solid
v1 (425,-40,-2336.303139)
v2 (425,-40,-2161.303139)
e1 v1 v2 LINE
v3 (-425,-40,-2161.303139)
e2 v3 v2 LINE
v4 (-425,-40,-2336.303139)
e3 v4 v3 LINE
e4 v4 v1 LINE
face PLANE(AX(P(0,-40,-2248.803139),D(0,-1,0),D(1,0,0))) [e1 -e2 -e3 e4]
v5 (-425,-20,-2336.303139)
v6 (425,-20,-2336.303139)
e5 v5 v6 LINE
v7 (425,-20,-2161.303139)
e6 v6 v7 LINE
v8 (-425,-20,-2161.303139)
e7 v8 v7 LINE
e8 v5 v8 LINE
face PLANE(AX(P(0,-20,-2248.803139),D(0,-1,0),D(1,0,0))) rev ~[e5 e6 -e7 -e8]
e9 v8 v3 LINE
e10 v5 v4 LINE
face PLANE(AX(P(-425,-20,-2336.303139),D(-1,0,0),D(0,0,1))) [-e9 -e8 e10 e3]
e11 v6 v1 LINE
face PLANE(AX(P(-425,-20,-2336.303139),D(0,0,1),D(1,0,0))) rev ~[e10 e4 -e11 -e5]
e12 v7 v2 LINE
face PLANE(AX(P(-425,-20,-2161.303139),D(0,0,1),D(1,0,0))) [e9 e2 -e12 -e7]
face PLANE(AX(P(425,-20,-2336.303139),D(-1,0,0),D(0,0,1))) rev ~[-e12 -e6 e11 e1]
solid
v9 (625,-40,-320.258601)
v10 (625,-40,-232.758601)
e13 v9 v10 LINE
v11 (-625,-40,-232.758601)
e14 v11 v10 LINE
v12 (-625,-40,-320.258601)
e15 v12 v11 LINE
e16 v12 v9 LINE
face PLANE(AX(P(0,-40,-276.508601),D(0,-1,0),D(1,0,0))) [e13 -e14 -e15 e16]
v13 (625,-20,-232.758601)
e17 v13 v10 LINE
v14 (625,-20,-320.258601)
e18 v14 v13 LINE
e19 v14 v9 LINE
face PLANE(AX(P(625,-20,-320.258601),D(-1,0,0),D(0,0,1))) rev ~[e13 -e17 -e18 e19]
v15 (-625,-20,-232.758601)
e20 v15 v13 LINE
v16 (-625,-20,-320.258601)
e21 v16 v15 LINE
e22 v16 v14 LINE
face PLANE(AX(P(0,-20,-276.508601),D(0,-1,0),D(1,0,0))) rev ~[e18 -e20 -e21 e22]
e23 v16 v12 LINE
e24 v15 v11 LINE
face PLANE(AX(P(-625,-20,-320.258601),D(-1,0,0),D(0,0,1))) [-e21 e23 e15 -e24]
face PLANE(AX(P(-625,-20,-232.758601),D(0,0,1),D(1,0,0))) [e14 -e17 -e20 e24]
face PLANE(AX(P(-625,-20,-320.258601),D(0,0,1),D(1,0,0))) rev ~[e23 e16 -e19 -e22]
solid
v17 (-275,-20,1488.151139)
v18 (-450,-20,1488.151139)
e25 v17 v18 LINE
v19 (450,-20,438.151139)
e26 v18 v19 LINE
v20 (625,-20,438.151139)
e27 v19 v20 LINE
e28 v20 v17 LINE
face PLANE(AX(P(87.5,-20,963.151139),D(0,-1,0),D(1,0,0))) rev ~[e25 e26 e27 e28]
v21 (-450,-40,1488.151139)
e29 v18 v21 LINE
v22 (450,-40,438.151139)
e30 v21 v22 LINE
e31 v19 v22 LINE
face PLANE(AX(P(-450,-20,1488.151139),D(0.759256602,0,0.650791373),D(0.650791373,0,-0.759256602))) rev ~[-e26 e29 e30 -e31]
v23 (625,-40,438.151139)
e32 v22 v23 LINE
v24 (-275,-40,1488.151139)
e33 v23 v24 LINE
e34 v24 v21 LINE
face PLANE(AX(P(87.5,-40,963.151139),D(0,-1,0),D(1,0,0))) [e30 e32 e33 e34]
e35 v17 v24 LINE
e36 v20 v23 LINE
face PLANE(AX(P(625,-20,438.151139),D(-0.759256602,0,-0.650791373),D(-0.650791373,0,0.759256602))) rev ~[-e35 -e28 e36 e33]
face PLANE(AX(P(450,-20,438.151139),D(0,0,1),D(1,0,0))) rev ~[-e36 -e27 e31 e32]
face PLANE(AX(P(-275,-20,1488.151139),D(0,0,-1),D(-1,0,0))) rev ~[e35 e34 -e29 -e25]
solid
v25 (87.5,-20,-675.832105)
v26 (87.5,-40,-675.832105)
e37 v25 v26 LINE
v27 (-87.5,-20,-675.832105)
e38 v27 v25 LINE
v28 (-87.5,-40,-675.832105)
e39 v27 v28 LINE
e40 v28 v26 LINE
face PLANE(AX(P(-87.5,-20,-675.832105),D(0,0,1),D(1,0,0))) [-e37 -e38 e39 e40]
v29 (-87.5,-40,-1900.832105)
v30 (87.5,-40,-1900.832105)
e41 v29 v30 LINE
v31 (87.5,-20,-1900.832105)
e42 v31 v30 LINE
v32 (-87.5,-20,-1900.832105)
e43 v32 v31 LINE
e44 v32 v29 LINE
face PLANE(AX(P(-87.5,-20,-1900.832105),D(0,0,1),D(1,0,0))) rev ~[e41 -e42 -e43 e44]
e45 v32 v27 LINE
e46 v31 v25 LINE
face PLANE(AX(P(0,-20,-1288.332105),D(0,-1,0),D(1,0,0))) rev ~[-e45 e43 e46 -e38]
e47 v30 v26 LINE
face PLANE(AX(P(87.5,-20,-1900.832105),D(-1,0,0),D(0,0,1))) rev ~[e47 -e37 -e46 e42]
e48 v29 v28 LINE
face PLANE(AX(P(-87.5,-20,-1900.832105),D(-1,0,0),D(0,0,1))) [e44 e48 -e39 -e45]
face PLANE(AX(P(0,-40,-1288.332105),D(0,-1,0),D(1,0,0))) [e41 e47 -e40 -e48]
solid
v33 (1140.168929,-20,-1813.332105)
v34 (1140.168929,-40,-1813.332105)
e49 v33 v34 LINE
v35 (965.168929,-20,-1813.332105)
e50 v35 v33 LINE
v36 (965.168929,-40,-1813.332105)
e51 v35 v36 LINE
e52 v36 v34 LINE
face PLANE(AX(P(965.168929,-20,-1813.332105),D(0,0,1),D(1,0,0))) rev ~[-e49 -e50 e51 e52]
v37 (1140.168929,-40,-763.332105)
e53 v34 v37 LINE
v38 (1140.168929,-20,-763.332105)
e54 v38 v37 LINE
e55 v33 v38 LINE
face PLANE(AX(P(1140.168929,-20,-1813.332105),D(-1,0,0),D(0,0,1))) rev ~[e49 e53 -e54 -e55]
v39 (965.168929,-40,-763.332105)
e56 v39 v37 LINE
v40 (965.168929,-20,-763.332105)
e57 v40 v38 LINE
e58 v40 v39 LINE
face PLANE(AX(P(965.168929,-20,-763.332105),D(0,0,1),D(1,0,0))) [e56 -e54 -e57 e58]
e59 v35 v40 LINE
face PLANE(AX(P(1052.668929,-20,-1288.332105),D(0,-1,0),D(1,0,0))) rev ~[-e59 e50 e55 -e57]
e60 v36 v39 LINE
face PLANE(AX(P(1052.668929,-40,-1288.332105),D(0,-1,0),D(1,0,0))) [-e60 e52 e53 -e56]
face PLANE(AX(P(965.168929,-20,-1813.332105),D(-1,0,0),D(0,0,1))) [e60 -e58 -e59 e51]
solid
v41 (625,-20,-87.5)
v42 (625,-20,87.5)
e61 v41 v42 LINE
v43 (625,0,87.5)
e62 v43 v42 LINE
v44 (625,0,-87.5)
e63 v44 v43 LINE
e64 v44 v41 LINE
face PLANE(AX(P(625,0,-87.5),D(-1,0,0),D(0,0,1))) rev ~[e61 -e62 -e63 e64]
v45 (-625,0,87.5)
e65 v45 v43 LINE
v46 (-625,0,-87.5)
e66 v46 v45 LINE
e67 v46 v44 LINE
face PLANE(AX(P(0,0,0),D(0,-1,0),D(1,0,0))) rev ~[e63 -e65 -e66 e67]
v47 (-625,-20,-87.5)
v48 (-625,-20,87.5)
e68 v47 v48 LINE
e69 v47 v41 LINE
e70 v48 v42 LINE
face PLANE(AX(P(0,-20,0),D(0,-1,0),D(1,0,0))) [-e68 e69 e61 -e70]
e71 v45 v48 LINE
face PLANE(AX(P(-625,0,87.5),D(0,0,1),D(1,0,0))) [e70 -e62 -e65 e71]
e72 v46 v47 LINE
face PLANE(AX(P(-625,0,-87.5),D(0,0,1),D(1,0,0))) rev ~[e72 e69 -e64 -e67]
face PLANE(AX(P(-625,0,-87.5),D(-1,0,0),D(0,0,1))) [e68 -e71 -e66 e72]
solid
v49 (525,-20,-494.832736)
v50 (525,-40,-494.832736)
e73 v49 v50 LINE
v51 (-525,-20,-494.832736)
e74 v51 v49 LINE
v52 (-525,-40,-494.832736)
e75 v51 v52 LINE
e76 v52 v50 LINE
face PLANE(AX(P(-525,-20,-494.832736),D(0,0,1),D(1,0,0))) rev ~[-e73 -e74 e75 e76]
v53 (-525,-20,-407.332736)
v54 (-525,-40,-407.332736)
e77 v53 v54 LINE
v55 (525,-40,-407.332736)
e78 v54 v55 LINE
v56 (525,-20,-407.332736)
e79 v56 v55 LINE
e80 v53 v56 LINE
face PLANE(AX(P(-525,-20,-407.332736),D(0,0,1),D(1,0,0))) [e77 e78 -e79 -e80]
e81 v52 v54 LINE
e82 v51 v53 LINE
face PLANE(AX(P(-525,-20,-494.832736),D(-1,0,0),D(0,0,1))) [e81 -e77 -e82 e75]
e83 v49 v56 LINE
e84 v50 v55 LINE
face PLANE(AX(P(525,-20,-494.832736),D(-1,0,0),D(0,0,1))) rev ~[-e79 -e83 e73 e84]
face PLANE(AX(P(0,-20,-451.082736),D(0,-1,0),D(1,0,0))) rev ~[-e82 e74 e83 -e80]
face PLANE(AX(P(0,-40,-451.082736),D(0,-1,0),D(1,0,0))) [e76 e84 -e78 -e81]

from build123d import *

# Parameters (mm, degrees)
F0_W     = 1250
F0_H     = 175
F1_DEPTH = 20
F2_W     = 1250
F2_H     = 87.5
F2_W_2   = 1050
F3_DEPTH = 20
F5_DEPTH = 20
F6_W     = 175
F6_H     = 1225
F6_W_2   = 850
F6_H_2   = 175
F6_H_3   = 1050
F7_DEPTH = 20


with BuildPart() as f1:
    # F0 (on Front) → F1 (new body)
    with BuildSketch(Plane.XZ):
        Rectangle(F0_W, F0_H)
    extrude(amount=F1_DEPTH)


with BuildPart() as f3:
    # F2 (on face) → F3 (new body)
    with BuildSketch(Plane.XZ.offset(20)):
        with Locations((0, -276.508601)):
            Rectangle(F2_W, F2_H)
        with Locations((0, -451.082736)):
            Rectangle(F2_W_2, F2_H)
    extrude(amount=F3_DEPTH)


with BuildPart() as f5:
    # F4 (on face) → F5 (new body)
    with BuildSketch(Plane.XZ.offset(20)):
        Polygon((-275, 1488.151139), (-450, 1488.151139), (450, 438.151139), (625, 438.151139), align=None)
    extrude(amount=F5_DEPTH)


with BuildPart() as f7:
    # F6 (on face) → F7 (new body)
    with BuildSketch(Plane.XZ.offset(20)):
        with Locations((0, -1288.332105)):
            Rectangle(F6_W, F6_H)
        with Locations((0, -2248.803139)):
            Rectangle(F6_W_2, F6_H_2)
        with Locations((1052.668929, -1288.332105)):
            Rectangle(F6_W, F6_H_3)
    extrude(amount=F7_DEPTH)


solid = Compound([f1.part, f3.part, f5.part, f7.part])
